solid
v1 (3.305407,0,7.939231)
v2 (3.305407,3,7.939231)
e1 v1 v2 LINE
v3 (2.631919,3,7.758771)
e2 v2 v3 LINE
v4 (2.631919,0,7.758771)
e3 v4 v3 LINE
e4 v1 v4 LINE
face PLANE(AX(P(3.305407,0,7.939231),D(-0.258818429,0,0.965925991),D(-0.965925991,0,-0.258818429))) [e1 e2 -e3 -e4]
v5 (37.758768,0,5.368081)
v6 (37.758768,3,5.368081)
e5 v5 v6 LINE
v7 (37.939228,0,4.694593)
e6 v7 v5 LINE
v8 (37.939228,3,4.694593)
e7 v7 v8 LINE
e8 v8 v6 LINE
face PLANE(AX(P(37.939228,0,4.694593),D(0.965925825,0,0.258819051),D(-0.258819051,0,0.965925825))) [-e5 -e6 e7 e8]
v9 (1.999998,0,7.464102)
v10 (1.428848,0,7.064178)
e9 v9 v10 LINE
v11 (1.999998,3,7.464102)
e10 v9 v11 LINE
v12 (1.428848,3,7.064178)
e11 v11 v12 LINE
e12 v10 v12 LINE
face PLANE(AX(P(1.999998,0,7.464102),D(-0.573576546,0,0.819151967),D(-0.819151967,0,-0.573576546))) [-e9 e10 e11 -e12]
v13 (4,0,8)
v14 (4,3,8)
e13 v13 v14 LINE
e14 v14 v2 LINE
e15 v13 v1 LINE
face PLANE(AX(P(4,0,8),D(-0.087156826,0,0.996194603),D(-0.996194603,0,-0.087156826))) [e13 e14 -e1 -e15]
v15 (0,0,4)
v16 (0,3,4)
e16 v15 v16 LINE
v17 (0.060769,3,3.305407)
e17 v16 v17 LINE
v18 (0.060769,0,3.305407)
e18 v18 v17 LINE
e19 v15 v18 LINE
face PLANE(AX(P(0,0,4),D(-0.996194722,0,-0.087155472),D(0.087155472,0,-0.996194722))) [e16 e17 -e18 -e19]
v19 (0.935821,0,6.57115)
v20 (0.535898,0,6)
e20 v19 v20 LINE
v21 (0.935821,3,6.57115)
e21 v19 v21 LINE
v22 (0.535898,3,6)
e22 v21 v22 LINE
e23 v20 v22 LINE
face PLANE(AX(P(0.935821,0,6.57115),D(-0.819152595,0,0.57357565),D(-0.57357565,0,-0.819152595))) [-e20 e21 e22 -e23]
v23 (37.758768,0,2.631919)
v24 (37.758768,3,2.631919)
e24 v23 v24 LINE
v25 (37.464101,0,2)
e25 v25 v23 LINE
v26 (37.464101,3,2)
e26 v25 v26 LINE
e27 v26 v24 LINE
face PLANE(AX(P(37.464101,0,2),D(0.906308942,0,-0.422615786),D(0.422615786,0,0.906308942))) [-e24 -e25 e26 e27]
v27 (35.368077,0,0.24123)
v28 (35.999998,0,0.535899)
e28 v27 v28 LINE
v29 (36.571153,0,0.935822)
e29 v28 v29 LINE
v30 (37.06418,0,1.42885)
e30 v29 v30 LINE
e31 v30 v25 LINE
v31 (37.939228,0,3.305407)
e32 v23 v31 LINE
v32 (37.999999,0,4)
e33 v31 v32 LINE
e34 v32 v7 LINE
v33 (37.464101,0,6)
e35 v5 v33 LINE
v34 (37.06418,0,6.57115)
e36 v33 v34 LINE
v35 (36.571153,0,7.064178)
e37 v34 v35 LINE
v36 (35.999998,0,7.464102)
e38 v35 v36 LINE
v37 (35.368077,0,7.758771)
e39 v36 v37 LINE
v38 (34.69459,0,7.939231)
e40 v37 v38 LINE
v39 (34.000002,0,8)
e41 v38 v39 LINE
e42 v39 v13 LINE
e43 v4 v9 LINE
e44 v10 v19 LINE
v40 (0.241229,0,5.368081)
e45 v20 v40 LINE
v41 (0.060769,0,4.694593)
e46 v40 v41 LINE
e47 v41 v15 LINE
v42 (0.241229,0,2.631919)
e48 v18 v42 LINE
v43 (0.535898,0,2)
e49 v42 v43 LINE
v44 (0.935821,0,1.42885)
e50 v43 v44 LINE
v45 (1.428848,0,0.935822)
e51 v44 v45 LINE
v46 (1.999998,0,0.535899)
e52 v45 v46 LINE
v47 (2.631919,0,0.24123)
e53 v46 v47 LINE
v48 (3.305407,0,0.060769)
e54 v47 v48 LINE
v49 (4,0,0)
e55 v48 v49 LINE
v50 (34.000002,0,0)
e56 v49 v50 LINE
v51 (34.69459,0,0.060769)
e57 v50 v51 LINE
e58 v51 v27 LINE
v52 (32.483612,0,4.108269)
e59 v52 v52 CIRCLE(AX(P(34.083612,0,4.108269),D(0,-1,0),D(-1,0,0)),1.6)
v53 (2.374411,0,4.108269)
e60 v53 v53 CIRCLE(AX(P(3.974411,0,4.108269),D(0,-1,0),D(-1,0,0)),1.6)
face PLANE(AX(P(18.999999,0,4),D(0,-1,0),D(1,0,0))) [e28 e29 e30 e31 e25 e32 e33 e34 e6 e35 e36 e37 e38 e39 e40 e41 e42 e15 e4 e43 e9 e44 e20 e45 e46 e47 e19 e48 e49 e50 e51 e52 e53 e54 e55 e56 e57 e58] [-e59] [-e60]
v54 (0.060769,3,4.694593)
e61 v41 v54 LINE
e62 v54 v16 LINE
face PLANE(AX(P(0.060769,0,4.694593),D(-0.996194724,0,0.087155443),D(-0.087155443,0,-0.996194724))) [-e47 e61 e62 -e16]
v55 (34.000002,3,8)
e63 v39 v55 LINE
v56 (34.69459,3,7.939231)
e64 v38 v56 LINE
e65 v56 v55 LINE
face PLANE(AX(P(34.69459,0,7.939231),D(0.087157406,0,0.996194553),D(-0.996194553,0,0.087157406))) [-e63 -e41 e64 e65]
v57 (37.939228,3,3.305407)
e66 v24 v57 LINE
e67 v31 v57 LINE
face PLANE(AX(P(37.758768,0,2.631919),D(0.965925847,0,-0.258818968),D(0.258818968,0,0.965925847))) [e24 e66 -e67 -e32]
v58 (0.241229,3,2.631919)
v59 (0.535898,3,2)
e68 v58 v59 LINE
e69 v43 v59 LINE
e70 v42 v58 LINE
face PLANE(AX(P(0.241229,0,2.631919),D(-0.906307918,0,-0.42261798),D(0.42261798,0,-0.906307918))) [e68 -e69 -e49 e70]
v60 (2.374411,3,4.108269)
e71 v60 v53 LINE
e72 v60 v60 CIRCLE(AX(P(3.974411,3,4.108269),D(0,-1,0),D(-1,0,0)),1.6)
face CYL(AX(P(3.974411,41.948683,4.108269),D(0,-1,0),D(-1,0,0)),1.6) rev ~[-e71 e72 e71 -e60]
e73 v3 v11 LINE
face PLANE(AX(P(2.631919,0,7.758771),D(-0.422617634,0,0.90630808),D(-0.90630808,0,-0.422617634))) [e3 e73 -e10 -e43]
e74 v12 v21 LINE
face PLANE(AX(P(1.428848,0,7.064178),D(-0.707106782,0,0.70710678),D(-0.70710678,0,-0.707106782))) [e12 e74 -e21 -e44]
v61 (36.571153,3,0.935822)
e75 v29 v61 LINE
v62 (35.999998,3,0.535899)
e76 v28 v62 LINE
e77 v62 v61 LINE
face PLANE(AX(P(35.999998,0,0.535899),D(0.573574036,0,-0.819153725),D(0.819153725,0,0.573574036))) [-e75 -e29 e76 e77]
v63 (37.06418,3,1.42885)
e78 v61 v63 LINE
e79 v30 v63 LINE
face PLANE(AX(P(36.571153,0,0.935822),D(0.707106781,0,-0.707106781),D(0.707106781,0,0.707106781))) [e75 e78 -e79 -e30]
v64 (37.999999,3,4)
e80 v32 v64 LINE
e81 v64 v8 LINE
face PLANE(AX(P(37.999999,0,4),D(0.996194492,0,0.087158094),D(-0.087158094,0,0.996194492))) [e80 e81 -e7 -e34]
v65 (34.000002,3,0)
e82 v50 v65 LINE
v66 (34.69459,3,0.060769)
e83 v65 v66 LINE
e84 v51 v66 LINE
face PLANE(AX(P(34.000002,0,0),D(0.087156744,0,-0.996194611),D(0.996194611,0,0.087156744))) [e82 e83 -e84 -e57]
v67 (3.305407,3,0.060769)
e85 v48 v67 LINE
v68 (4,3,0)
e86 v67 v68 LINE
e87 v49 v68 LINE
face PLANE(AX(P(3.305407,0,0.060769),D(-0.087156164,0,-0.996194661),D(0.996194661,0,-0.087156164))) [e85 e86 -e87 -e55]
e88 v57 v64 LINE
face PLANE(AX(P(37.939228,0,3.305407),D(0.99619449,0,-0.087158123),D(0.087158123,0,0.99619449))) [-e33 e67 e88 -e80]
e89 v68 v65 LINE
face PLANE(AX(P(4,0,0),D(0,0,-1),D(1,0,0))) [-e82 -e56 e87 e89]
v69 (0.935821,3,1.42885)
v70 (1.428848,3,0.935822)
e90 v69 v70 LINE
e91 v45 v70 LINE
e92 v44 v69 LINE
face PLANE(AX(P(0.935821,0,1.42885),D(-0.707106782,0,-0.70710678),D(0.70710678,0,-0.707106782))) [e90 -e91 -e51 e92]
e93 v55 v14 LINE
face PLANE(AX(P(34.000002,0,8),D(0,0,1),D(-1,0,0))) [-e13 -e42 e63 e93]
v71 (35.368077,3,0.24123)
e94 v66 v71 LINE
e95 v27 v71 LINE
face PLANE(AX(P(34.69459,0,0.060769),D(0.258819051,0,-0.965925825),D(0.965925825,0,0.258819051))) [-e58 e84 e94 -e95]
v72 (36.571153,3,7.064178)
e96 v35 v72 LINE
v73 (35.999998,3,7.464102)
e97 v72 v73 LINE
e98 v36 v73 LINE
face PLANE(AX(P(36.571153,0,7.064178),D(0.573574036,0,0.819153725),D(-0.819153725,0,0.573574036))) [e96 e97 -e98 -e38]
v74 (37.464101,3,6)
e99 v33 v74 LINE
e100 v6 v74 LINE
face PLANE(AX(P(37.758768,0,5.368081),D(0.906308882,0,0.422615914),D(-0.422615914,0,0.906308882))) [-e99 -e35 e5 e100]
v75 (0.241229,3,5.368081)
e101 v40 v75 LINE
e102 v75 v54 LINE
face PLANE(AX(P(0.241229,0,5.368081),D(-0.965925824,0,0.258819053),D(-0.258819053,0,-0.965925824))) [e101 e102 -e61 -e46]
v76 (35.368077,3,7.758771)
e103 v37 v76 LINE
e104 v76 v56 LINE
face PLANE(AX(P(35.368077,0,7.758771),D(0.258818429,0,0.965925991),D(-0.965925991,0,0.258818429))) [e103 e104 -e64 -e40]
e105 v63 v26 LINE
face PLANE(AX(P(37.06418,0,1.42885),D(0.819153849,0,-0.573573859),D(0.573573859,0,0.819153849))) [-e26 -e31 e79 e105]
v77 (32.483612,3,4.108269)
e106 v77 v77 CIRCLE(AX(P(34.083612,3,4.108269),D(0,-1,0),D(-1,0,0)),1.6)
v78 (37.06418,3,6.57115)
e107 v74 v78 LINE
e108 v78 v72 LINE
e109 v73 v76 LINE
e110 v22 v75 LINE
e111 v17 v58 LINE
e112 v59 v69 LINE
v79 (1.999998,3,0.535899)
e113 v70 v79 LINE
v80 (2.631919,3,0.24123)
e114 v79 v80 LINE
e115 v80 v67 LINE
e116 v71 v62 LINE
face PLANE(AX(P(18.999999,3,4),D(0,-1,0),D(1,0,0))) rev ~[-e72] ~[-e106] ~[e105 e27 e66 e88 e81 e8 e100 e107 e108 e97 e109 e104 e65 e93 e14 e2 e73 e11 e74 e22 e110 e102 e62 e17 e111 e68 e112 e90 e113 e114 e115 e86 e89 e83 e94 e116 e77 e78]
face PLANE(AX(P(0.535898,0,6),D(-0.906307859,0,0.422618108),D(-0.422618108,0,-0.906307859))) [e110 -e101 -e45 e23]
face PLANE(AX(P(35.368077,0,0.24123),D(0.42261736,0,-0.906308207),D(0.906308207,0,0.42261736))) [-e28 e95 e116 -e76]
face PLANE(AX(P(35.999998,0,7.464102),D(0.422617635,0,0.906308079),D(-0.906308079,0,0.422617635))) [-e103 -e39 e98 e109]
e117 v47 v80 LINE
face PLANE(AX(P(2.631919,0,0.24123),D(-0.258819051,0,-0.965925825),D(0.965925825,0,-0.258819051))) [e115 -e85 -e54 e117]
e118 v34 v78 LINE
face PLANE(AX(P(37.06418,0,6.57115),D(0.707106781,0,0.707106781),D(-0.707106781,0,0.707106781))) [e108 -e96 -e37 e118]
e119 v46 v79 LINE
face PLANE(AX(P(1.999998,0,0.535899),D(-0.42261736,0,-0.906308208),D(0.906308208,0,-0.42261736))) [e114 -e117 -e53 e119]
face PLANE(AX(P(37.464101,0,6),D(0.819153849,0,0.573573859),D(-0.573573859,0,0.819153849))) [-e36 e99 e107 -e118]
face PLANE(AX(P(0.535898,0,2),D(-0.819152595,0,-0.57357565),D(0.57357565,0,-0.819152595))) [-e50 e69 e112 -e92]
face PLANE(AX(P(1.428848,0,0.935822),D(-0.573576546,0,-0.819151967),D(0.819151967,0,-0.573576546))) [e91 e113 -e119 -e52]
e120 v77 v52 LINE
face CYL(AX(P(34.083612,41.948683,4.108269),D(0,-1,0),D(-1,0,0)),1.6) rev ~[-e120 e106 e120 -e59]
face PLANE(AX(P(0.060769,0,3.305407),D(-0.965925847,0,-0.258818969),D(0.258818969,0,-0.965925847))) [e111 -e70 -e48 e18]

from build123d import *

# Parameters (mm, degrees)
BOSS_EXTRUDE1_DEPTH  = 3.000000026
SKETCH2_R            = 2.767129072
SKETCH2_R_2          = 3.006829377
BOSS_EXTRUDE2_DEPTH  = 3
M3_CLEARANCE_HOLE1_D = 3.2


with BuildPart() as part:
    # Sketch1 → Boss-Extrude1 (new body)
    with BuildSketch(Plane.XZ):
        Polygon((3.305407241, 0.060769264), (3.999999724, 0), (34.000001848, 0), (34.694589674, 0.060769264), (35.368077457, 0.241229776), (35.99999845, 0.535898609), (36.571152508, 0.935822492), (37.064179778, 1.428849762), (37.464100868, 2.000000095), (37.758767605, 2.631919459), (37.939228117, 3.305407474), (37.999998778, 4.00000019), (37.939228117, 4.694593139), (37.758767605, 5.368080921), (37.464100868, 6.000000052), (37.064179778, 6.571150385), (36.571152508, 7.064177655), (35.99999845, 7.464101538), (35.368077457, 7.758770604), (34.694589674, 7.939230651), (34.000001848, 8.00000038), (3.999999724, 8.00000038), (3.305407241, 7.939230651), (2.631919459, 7.758770604), (1.999998465, 7.464101538), (1.428848132, 7.064177655), (0.935820863, 6.571150385), (0.535897911, 6.000000052), (0.241229311, 5.368080921), (0.060768798, 4.694593139), (0, 4.00000019), (0.060768798, 3.305407474), (0.241229311, 2.631919459), (0.535897911, 2.000000095), (0.935820863, 1.428849762), (1.428848132, 0.935822492), (1.999998465, 0.535898609), (2.631919459, 0.241229776), align=None)
        Polygon((32.391306013, 2.650146373), (32.181344926, 2.950000111), (32.026644796, 3.281757934), (31.931903213, 3.635338973), (31.899999827, 4.00000019), (31.931903213, 4.364661407), (32.026644796, 4.718242679), (32.181344926, 5.050000269), (32.391306013, 5.349854007), (32.650146633, 5.608693697), (32.949998975, 5.818653386), (33.281758428, 5.973354913), (33.635336906, 6.068096496), (34.000001848, 6.099999882), (34.364659339, 6.068096496), (34.718241543, 5.973354913), (35.04999727, 5.818653386), (35.349853337, 5.608693697), (35.608693957, 5.349854007), (35.818651319, 5.050000269), (35.973355174, 4.718242679), (36.068096757, 4.364661407), (36.100000143, 4.00000019), (36.068096757, 3.635338973), (35.973355174, 3.281757934), (35.818651319, 2.950000111), (35.608693957, 2.650146373), (35.349853337, 2.391306916), (35.04999727, 2.181346994), (34.718241543, 2.0266457), (34.364659339, 1.931903884), (34.000001848, 1.900000265), (33.635336906, 1.931903884), (33.281758428, 2.0266457), (32.949998975, 2.181346994), (32.650146633, 2.391306916), align=None, mode=Mode.SUBTRACT)
        Polygon((5.685296841, 2.58586742), (5.414132029, 2.314702375), (5.099999718, 2.094744239), (4.752444103, 1.932676416), (4.38202545, 1.833423041), (3.999999724, 1.800000202), (3.617973067, 1.833423041), (3.247555345, 1.932676416), (2.899998799, 2.094744239), (2.58586742, 2.314702375), (2.314701444, 2.58586742), (2.094743773, 2.900000196), (1.932675019, 3.247555811), (1.833422109, 3.617974231), (1.799998805, 4.00000019), (1.833422109, 4.382026382), (1.932675019, 4.752444569), (2.094743773, 5.100000184), (2.314701444, 5.41413296), (2.58586742, 5.685297772), (2.899998799, 5.905256141), (3.247555345, 6.067323964), (3.617973067, 6.166577339), (3.999999724, 6.200000178), (4.38202545, 6.166577339), (4.752444103, 6.067323964), (5.099999718, 5.905256141), (5.414132029, 5.685297772), (5.685296841, 5.41413296), (5.905255675, 5.100000184), (6.067323498, 4.752444569), (6.166576408, 4.382026382), (6.199999712, 4.00000019), (6.166576408, 3.617974231), (6.067323498, 3.247555811), (5.905255675, 2.900000196), align=None, mode=Mode.SUBTRACT)
    extrude(amount=-BOSS_EXTRUDE1_DEPTH)

    # Sketch2 → Boss-Extrude2 (add)
    with BuildSketch(Plane(origin=(0, 3.000000026, 0), x_dir=(1, 0, 0), z_dir=(0, 1, 0))):
        with Locations((3.930419847, -4.196730993)):
            Circle(SKETCH2_R)
        with Locations((34.148271252, -4.196730993)):
            Circle(SKETCH2_R_2)
    extrude(amount=-BOSS_EXTRUDE2_DEPTH)

    # M3 Clearance Hole1 (through all)
    with Locations(Plane(origin=(0, 3.000000026, 0), x_dir=(1, 0, 0), z_dir=(0, 1, 0))):
        with Locations((3.974411457, -4.108268671), (34.083612048, -4.108268671)):
            Hole(M3_CLEARANCE_HOLE1_D / 2)


solid = part.part
